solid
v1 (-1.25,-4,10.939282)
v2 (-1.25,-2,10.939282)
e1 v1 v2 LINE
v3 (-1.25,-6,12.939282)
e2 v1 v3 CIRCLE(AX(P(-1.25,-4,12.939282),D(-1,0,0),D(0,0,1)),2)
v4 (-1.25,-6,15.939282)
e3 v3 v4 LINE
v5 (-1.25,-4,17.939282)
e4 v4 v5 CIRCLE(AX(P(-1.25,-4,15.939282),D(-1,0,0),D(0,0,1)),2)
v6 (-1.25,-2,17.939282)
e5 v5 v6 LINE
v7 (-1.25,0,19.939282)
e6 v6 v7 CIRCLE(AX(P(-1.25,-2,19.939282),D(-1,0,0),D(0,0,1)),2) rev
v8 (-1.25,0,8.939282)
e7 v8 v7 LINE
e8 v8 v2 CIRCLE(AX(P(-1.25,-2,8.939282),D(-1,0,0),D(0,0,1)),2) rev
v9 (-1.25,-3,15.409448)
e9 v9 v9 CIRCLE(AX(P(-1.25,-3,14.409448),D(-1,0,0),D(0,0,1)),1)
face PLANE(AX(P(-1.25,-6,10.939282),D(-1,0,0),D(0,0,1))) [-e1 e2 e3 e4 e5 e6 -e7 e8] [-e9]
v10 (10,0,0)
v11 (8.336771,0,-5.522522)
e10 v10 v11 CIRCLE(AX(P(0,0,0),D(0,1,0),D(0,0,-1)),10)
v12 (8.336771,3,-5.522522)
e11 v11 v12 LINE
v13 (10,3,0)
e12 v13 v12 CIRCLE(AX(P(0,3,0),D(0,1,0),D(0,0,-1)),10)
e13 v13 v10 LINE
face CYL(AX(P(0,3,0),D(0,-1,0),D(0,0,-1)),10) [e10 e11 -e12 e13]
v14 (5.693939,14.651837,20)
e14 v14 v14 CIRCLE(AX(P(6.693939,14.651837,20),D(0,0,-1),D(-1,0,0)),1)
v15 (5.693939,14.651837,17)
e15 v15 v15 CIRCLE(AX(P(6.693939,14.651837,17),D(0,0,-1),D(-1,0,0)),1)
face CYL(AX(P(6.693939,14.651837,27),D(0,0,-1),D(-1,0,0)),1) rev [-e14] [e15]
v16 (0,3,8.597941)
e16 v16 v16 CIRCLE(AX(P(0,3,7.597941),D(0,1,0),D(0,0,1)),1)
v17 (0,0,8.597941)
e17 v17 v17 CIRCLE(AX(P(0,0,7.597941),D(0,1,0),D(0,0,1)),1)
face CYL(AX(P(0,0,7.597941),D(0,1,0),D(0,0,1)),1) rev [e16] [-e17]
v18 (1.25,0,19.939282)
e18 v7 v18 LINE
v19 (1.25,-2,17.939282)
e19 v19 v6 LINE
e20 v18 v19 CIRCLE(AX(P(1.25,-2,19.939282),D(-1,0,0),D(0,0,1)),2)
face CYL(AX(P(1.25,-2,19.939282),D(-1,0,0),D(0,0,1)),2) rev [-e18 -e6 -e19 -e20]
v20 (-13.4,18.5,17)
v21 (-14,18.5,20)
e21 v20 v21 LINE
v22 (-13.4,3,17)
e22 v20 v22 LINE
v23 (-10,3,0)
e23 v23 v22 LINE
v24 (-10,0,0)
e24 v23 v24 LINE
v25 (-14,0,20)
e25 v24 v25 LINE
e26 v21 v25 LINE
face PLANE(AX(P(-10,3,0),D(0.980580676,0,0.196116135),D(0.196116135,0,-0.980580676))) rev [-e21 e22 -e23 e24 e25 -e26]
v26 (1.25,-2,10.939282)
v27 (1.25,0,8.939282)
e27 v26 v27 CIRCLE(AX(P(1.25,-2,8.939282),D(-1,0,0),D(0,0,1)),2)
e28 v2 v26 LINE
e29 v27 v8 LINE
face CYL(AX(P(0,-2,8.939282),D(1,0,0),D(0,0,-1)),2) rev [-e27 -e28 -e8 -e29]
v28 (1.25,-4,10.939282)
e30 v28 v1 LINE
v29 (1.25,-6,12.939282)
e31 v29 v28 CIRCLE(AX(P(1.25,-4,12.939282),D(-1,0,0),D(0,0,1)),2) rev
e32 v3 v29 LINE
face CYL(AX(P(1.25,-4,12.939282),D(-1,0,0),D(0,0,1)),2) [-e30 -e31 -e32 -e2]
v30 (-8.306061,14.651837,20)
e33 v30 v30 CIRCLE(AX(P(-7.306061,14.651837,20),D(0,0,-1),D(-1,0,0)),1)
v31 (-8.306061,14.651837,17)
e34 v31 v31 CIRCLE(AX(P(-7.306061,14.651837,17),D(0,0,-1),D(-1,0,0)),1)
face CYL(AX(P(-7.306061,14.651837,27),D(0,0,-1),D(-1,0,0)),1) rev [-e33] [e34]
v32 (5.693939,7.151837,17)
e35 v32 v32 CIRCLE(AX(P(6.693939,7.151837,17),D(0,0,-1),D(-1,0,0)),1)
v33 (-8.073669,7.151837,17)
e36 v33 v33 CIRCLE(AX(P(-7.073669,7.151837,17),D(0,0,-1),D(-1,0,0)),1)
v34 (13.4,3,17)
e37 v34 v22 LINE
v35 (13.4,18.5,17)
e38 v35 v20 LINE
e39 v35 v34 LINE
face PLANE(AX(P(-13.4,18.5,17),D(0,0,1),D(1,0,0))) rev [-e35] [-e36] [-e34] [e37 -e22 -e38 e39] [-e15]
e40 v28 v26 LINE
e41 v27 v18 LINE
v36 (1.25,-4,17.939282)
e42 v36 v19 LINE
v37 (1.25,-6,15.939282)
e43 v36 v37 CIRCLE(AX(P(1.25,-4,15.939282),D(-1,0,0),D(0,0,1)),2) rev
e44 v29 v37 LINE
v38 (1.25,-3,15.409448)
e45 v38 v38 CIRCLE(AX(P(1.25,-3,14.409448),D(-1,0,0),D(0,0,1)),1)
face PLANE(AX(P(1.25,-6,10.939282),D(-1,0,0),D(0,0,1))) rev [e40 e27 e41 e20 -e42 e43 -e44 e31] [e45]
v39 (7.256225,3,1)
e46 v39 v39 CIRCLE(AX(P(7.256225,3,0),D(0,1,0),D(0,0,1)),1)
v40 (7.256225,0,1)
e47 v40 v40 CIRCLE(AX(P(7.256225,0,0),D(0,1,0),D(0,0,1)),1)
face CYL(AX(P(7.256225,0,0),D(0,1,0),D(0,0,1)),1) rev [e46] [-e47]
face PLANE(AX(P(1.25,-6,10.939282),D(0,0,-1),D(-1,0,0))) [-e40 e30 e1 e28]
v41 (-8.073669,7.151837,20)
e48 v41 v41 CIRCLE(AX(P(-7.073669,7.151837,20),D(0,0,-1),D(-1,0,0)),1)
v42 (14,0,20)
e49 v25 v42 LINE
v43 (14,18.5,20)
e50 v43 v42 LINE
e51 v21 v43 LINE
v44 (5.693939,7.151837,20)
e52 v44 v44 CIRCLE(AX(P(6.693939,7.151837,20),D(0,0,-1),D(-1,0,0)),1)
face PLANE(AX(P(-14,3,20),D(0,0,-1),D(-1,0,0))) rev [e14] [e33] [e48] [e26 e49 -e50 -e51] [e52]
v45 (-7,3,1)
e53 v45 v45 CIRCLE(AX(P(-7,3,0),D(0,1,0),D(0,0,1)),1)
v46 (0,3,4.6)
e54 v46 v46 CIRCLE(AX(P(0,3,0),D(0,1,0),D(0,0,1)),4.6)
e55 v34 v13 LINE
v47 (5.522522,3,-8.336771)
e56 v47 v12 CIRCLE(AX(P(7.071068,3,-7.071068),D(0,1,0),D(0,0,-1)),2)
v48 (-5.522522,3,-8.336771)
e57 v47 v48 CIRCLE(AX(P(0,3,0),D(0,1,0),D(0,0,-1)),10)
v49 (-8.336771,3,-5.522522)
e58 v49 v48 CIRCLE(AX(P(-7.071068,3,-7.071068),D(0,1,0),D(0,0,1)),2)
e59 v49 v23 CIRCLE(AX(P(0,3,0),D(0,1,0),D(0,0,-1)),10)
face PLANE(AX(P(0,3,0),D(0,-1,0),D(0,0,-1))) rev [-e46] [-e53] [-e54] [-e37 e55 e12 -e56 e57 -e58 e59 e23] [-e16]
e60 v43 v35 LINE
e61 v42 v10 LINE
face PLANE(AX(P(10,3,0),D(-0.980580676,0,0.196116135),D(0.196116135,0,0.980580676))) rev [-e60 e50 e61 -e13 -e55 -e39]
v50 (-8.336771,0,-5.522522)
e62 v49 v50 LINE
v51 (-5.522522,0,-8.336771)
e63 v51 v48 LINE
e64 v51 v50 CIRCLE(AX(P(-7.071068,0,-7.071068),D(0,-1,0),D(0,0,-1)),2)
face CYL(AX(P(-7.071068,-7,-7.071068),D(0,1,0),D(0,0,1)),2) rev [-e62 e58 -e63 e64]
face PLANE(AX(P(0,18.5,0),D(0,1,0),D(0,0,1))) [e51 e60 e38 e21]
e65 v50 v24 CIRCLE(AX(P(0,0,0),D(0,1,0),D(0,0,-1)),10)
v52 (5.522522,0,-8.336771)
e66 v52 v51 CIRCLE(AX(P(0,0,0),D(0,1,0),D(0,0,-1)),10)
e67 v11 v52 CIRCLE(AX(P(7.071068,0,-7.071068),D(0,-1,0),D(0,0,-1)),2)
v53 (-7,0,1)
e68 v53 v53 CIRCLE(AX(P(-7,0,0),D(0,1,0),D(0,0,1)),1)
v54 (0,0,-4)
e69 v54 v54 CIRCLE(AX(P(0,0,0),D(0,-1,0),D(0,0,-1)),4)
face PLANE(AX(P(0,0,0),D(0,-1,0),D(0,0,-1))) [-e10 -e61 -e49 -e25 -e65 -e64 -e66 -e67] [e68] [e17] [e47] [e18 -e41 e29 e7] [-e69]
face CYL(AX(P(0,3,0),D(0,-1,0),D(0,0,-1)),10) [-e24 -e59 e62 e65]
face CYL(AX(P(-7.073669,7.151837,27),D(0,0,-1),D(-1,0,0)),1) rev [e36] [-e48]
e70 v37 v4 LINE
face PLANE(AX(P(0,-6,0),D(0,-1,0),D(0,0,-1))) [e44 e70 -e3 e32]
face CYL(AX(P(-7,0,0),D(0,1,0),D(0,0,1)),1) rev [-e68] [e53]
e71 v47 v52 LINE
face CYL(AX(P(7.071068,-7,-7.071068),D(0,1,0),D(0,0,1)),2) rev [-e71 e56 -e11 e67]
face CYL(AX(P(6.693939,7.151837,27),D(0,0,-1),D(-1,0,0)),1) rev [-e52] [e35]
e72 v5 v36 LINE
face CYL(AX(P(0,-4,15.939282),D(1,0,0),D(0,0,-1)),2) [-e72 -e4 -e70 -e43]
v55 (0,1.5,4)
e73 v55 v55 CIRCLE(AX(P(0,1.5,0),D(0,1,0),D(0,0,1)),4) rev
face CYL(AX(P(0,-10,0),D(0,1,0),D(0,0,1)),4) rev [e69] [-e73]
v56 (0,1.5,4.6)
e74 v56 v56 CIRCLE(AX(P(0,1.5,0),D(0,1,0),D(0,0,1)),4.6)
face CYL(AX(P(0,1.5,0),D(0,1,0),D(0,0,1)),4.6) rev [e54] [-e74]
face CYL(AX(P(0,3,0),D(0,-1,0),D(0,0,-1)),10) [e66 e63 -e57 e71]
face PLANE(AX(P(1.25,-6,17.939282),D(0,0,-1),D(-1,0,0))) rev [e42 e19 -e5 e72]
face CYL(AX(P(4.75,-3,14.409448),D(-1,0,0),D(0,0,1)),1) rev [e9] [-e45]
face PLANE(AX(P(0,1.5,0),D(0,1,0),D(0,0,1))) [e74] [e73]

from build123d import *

# Parameters (mm, degrees)
BOSS_EXTRUDE1_DEPTH = 3
SKETCH2_R           = 4
CUT_EXTRUDE1_DEPTH  = 13
BOSS_EXTRUDE2_DEPTH = 15.5
SKETCH6_R           = 4.6
CUT_EXTRUDE4_DEPTH  = 1.5
SKETCH7_R           = 2
CUT_EXTRUDE5_DEPTH  = 10
SKETCH8_R           = 1
CUT_EXTRUDE6_DEPTH  = 10
SKETCH4_R           = 1
CUT_EXTRUDE9_DEPTH  = 3
SKETCH11_R          = 1
CUT_EXTRUDE11_DEPTH = 3
SKETCH12_W          = 2.5
SKETCH12_H          = 7
BOSS_EXTRUDE3_DEPTH = 6
SKETCH13_R          = 1
CUT_EXTRUDE12_DEPTH = 6
FILLET1_R           = 2


with BuildPart() as part:
    # Sketch1 → Boss-Extrude1 (new body)
    with BuildSketch(Plane(origin=(0, 0, 0), x_dir=(1, 0, 0), z_dir=(0, 1, 0))):
        with BuildLine():
            Line((-10, 0), (-14, -20))
            Line((-14, -20), (14, -20))
            Line((14, -20), (10, 0))
            ThreePointArc((10, 0), (0, 10), (-10, 0))
        make_face()
    extrude(amount=BOSS_EXTRUDE1_DEPTH)

    # Sketch2 → Cut-Extrude1 (cut)
    with BuildSketch(Plane(origin=(0, 3, 0), x_dir=(1, 0, 0), z_dir=(0, 1, 0))):
        Circle(SKETCH2_R)
    extrude(amount=-CUT_EXTRUDE1_DEPTH, mode=Mode.SUBTRACT)

    # Sketch5 → Boss-Extrude2 (add)
    with BuildSketch(Plane(origin=(0, 3, 0), x_dir=(1, 0, 0), z_dir=(0, 1, 0))):
        Polygon((-13.4, -17), (13.4, -17), (14, -20), (-14, -20), align=None)
    extrude(amount=BOSS_EXTRUDE2_DEPTH)

    # Sketch6 → Cut-Extrude4 (cut)
    with BuildSketch(Plane(origin=(0, 3, 0), x_dir=(1, 0, 0), z_dir=(0, 1, 0))):
        Circle(SKETCH6_R)
    extrude(amount=-CUT_EXTRUDE4_DEPTH, mode=Mode.SUBTRACT)

    # Sketch7 → Cut-Extrude5 (cut)
    with BuildSketch(Plane(origin=(0, 3, 0), x_dir=(1, 0, 0), z_dir=(0, 1, 0))):
        with Locations((-7.071067812, 7.071067812)):
            Circle(SKETCH7_R)
        with Locations((7.071067812, 7.071067812)):
            Circle(SKETCH7_R)
    extrude(amount=-CUT_EXTRUDE5_DEPTH, mode=Mode.SUBTRACT)

    # Sketch8 → Cut-Extrude6 (cut)
    with BuildSketch(Plane(origin=(0, 0, 17), x_dir=(-1, 0, 0), z_dir=(0, 0, -1))):
        with Locations((-6.69393863, 7.151837118)):
            Circle(SKETCH8_R)
        with Locations((-6.69393863, 14.651837118)):
            Circle(SKETCH8_R)
        with Locations((7.30606137, 14.651837118)):
            Circle(SKETCH8_R)
        with Locations((7.073668949, 7.151837118)):
            Circle(SKETCH8_R)
    extrude(amount=-CUT_EXTRUDE6_DEPTH, mode=Mode.SUBTRACT)

    # Sketch4 → Cut-Extrude9 (cut)
    with BuildSketch(Plane(origin=(0, 3, 0), x_dir=(1, 0, 0), z_dir=(0, 1, 0))):
        with Locations((-7, 0)):
            Circle(SKETCH4_R)
    extrude(amount=-CUT_EXTRUDE9_DEPTH, mode=Mode.SUBTRACT)

    # Sketch11 → Cut-Extrude11 (cut)
    with BuildSketch(Plane(origin=(0, 3, 0), x_dir=(1, 0, 0), z_dir=(0, 1, 0))):
        with Locations((0, -7.597940957)):
            Circle(SKETCH11_R)
        with Locations((7.256224789, 0)):
            Circle(SKETCH11_R)
    extrude(amount=-CUT_EXTRUDE11_DEPTH, mode=Mode.SUBTRACT)

    # Sketch12 → Boss-Extrude3 (add)
    with BuildSketch(Plane.XZ):
        with Locations((0, 14.439281905)):
            Rectangle(SKETCH12_W, SKETCH12_H)
    extrude(amount=BOSS_EXTRUDE3_DEPTH)

    # Sketch13 → Cut-Extrude12 (cut)
    with BuildSketch(Plane.ZY.offset(1.25)):
        with Locations((14.409447897, -3)):
            Circle(SKETCH13_R)
    extrude(amount=-CUT_EXTRUDE12_DEPTH, mode=Mode.SUBTRACT)

    # Fillet1
    fillet1_edges = [part.edges().sort_by_distance(p)[0] for p in [
        (0, -6, 17.939281905),
        (0, 0, 10.939281905),
        (0, 0, 17.939281905),
        (0, -6, 10.939281905),
    ]]
    fillet(fillet1_edges, radius=FILLET1_R)


solid = part.part
